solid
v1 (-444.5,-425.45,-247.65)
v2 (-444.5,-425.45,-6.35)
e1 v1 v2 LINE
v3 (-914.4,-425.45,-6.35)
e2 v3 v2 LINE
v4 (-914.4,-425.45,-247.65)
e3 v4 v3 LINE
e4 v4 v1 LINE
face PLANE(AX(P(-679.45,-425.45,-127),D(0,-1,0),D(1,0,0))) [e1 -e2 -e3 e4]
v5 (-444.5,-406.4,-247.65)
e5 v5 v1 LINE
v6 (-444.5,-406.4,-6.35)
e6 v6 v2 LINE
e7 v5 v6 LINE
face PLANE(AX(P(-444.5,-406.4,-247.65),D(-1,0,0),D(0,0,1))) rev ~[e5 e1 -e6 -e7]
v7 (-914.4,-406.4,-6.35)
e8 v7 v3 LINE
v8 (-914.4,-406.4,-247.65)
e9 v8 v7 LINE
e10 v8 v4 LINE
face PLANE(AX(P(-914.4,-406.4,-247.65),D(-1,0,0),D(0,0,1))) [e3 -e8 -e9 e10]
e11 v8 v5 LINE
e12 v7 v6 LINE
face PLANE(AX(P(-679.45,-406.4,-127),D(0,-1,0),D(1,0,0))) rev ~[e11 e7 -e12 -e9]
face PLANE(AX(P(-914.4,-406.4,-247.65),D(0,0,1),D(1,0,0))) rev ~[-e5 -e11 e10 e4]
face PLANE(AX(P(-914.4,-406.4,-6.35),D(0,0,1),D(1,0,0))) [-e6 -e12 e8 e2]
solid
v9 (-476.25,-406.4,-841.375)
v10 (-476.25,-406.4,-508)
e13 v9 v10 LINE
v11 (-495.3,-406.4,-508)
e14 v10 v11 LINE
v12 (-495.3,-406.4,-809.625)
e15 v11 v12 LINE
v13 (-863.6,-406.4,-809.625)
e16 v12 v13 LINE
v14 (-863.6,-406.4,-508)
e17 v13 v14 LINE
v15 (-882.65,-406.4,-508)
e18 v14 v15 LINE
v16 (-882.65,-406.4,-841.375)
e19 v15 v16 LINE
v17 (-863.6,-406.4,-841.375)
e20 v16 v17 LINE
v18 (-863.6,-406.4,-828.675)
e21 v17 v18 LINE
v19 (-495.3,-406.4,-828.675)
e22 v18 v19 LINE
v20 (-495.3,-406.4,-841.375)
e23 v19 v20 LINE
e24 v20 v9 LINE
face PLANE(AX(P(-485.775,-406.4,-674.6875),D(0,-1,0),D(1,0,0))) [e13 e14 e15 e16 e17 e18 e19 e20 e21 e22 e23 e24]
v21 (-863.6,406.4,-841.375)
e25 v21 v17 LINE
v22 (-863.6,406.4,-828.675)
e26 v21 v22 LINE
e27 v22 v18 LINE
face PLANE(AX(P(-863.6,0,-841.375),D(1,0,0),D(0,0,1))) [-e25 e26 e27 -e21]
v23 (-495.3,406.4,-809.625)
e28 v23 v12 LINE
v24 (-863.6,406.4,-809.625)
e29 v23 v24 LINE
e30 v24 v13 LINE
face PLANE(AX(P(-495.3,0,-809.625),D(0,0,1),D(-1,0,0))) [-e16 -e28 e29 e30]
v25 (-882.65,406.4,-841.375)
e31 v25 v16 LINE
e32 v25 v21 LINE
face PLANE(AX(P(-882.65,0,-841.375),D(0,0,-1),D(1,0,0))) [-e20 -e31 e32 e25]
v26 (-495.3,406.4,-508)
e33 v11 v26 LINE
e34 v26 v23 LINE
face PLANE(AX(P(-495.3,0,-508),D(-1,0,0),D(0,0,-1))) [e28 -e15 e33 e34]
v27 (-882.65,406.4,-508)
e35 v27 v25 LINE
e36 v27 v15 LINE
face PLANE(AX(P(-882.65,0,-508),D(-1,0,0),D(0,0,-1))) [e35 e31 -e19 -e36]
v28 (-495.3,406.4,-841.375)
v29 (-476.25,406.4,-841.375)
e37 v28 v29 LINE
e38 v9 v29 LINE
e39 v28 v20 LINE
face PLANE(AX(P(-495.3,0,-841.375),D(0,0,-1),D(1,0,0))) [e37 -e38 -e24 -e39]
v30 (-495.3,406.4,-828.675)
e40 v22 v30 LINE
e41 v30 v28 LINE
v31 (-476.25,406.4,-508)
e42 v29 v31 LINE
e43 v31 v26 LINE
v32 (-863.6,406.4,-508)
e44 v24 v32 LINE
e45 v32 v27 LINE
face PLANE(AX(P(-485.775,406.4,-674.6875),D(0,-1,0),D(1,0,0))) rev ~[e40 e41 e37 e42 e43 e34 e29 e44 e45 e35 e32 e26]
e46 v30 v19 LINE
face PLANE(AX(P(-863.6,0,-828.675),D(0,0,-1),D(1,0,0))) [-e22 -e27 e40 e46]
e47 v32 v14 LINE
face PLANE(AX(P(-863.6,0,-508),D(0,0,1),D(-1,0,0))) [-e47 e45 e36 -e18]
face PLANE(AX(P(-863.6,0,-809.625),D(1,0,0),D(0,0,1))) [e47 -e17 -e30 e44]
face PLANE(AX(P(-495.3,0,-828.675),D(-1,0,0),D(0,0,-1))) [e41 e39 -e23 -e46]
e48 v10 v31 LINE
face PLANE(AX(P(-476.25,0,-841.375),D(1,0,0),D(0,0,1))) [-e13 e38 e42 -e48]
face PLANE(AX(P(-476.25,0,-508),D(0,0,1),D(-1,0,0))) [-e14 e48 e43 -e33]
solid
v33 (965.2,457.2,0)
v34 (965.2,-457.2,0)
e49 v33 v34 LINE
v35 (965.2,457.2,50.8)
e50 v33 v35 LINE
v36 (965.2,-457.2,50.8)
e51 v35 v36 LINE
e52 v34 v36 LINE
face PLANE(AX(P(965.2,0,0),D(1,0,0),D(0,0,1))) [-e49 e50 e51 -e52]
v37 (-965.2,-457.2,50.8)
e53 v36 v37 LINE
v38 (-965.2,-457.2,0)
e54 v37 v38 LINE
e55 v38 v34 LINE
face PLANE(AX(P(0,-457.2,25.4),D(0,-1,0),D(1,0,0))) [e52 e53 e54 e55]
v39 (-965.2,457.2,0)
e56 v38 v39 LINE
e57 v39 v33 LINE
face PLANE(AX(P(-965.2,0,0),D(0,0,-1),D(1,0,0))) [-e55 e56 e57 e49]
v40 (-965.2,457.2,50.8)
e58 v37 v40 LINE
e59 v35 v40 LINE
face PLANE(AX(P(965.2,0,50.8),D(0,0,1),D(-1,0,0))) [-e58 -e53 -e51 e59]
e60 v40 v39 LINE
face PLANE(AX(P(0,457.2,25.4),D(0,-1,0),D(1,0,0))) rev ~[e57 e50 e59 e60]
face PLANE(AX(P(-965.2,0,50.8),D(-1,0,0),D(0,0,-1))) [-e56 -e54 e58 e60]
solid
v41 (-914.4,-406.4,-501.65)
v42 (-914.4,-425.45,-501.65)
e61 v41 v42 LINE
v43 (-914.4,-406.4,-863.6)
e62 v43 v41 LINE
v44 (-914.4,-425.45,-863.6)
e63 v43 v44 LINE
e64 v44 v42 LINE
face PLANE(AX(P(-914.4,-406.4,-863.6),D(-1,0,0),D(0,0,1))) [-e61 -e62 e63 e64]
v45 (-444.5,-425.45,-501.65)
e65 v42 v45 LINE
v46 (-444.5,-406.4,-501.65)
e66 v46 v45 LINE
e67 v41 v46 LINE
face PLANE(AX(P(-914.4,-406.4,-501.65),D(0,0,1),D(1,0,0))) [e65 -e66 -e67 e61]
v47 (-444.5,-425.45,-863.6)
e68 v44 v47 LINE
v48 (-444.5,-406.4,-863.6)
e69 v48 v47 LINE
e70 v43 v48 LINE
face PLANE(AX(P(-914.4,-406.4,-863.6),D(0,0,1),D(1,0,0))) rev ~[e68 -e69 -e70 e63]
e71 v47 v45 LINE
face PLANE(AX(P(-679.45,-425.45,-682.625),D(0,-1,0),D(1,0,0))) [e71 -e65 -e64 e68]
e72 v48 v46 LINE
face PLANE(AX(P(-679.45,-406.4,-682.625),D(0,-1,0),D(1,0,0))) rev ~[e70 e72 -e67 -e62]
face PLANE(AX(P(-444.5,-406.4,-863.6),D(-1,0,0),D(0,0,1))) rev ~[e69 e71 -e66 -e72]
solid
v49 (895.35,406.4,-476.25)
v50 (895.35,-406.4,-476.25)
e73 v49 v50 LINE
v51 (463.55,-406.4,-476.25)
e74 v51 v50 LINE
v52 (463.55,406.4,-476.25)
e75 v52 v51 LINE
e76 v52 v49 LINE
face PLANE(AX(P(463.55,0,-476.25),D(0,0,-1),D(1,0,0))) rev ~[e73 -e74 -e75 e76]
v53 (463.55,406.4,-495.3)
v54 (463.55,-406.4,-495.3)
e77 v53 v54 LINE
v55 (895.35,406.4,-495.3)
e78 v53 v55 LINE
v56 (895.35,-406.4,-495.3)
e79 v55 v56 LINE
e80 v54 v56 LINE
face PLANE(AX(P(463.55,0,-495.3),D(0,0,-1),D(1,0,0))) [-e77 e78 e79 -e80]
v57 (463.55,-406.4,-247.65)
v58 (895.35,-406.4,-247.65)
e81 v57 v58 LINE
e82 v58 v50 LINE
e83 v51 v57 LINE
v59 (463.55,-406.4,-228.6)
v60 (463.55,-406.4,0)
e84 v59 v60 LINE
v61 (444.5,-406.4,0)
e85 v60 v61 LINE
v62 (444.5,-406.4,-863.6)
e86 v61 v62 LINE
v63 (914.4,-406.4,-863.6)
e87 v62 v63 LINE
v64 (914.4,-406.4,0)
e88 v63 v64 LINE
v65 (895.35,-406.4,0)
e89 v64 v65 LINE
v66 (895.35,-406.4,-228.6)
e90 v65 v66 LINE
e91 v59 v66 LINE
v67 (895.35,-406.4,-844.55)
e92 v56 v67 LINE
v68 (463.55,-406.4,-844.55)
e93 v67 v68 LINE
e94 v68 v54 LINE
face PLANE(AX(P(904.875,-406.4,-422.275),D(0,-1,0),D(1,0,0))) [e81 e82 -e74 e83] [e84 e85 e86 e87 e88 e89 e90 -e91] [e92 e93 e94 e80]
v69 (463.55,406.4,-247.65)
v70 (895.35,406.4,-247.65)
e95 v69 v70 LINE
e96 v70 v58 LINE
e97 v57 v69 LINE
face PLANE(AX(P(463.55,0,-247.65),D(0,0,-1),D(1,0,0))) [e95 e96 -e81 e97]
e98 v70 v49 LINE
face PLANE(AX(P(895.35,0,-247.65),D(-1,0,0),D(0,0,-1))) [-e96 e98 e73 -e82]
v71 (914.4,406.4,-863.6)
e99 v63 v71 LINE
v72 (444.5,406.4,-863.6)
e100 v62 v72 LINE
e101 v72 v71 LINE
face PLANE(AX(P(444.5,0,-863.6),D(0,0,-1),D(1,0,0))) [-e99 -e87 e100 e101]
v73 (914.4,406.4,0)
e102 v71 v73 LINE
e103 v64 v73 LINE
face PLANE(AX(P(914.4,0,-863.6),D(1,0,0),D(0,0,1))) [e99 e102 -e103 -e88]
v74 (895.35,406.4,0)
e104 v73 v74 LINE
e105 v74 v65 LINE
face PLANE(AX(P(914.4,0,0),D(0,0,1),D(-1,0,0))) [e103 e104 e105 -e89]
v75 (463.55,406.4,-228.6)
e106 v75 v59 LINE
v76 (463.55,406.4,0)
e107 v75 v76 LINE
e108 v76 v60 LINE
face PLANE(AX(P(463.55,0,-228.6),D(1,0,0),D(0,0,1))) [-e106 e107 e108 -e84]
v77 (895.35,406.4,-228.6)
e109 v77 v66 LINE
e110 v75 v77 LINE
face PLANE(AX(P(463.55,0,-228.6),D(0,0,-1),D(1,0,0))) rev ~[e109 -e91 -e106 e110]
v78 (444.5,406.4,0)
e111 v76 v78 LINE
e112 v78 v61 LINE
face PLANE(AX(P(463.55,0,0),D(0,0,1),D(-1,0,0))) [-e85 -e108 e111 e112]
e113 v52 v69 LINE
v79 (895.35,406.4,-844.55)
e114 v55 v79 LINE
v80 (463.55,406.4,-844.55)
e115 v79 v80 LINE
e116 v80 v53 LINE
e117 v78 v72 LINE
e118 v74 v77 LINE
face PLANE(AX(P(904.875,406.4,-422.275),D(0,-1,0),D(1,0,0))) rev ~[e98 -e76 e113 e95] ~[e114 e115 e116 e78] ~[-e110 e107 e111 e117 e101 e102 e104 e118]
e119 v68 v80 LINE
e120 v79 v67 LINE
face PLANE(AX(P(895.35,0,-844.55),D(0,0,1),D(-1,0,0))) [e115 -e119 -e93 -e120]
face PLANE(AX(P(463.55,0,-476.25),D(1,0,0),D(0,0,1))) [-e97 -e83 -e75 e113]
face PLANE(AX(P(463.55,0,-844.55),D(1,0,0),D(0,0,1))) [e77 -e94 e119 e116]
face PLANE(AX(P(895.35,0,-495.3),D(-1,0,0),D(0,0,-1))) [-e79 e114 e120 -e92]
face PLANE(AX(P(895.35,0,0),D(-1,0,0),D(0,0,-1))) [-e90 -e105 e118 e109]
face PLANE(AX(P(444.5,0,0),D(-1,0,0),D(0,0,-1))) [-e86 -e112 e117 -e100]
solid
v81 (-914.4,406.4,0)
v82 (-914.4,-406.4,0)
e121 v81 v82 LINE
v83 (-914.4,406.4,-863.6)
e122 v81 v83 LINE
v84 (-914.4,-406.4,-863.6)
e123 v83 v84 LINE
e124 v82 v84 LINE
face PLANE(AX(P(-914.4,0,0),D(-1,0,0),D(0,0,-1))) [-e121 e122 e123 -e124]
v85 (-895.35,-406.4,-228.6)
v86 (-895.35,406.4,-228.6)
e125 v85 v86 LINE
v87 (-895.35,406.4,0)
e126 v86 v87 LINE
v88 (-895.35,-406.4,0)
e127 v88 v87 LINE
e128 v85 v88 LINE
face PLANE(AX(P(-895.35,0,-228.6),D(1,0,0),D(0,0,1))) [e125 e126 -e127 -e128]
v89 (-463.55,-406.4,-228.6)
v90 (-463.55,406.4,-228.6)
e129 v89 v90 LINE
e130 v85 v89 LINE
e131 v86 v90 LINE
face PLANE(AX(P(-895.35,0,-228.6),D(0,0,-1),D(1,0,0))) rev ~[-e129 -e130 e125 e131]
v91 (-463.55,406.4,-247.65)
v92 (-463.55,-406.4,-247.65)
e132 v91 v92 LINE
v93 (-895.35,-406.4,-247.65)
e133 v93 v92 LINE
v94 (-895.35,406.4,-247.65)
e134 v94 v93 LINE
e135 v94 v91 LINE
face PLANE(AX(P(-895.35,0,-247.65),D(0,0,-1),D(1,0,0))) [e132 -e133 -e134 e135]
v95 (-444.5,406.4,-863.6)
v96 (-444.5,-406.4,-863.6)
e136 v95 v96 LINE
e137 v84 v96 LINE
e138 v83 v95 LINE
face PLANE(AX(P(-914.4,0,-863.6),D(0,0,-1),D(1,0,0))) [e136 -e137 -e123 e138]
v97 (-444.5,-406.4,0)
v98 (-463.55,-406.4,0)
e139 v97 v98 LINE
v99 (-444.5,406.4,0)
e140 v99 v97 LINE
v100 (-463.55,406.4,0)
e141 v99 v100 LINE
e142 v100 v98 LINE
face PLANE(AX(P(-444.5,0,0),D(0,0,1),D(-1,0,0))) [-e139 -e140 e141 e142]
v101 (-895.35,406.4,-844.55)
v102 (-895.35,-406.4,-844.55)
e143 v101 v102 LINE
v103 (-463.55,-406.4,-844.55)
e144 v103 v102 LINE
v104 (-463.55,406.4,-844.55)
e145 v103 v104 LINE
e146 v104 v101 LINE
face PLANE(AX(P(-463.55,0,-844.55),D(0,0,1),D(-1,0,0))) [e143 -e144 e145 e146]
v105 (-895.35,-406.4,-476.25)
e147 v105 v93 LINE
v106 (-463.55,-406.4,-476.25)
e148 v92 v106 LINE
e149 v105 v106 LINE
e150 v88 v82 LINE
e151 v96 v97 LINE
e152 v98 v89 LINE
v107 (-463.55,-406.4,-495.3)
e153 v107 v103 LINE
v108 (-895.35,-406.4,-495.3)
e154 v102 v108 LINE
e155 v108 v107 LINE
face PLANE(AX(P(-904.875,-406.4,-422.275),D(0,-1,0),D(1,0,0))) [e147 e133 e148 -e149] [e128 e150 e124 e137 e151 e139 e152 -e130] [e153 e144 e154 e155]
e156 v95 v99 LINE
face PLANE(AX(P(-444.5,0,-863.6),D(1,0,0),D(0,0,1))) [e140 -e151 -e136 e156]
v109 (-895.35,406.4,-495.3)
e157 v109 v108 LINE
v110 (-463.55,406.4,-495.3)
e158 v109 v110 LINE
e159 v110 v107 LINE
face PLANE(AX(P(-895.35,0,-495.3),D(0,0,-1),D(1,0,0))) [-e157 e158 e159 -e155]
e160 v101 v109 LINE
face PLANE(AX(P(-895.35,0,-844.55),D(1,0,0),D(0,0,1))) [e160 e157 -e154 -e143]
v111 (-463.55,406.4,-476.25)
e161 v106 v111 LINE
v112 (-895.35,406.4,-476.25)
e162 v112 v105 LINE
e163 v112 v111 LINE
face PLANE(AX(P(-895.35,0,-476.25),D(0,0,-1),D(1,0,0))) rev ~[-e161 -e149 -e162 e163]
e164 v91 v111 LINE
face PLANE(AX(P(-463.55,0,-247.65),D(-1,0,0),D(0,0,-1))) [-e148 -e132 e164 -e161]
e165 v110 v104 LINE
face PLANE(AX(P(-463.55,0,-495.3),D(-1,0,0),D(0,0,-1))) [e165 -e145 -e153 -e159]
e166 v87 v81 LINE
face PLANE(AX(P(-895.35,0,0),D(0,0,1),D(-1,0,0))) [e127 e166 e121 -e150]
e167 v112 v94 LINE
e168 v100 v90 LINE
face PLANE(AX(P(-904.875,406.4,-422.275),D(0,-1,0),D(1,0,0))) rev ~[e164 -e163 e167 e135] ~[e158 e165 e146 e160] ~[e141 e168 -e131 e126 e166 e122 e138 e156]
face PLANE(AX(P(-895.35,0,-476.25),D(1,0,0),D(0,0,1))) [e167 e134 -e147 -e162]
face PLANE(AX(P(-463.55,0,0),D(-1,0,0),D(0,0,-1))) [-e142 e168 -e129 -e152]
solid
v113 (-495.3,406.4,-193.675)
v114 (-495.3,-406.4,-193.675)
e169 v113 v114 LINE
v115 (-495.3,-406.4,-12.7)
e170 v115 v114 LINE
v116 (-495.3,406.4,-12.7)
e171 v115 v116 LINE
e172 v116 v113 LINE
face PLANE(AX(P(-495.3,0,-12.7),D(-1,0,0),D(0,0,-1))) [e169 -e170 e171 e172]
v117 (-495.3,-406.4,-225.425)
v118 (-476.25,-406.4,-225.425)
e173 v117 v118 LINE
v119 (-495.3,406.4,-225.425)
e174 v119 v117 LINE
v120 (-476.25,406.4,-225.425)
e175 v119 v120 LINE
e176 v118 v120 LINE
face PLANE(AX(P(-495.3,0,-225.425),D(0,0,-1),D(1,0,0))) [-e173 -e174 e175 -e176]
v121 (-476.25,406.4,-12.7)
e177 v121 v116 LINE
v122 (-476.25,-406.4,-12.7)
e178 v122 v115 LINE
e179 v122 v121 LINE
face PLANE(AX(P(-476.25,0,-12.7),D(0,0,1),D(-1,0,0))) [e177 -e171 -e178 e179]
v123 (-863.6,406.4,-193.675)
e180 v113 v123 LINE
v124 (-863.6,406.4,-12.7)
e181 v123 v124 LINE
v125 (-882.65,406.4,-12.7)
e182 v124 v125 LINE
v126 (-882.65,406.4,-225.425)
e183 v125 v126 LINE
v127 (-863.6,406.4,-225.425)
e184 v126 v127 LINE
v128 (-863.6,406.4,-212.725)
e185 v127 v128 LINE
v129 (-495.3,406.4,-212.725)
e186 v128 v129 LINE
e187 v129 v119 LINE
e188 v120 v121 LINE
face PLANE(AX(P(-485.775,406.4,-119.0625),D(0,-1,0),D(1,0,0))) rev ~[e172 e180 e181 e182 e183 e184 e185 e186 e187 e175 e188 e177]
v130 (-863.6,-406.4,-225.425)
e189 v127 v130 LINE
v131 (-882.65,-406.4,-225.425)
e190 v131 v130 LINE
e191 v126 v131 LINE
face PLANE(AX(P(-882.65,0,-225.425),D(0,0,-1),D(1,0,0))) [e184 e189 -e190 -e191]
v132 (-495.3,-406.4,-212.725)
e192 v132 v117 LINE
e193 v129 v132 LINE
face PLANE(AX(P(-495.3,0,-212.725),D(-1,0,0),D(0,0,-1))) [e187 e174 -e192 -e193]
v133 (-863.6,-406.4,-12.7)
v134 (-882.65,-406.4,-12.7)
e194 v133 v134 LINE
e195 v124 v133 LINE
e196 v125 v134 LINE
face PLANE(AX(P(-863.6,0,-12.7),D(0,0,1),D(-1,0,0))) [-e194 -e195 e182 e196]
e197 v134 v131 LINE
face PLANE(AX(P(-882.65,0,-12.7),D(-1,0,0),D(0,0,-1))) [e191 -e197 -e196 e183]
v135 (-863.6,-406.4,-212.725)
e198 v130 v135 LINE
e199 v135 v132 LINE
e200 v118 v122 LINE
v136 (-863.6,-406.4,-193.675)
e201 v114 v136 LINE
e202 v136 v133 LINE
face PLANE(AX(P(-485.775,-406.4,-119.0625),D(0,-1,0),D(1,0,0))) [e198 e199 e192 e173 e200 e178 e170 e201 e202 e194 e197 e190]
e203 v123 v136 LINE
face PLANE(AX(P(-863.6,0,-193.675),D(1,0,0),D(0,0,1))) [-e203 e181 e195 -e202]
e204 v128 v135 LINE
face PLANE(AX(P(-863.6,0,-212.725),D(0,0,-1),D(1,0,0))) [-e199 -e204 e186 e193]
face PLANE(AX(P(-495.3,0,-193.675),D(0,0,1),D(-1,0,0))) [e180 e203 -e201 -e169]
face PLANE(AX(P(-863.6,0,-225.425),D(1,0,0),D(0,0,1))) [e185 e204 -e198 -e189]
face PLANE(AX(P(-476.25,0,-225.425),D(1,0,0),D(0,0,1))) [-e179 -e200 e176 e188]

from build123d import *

# Parameters (mm, degrees)
F0_W     = 431.8
F0_H     = 19.05
F1_DEPTH = 406.4
F2_DEPTH = 457.2
F3_DEPTH = 406.4
F4_DEPTH = 406.4
F6_W     = 469.9
F6_H     = 241.3
F7_DEPTH = 19.05
F6_H_2   = 361.95


with BuildPart() as f1:
    # F0 (on Front) → F1 (new body, symmetric)
    with BuildSketch(Plane.XZ):
        Polygon((-895.35, 0), (-914.4, 0), (-914.4, -844.55), (-895.35, -844.55), (-895.35, -495.3), (-895.35, -476.25), (-895.35, -247.65), (-895.35, -228.6), align=None)
        with Locations((-679.45, -238.125)):
            Rectangle(F0_W, F0_H)
        with Locations((-679.45, -485.775)):
            Rectangle(F0_W, F0_H)
        Polygon((-895.35, -844.55), (-914.4, -844.55), (-914.4, -863.6), (-444.5, -863.6), (-444.5, -844.55), (-463.55, -844.55), align=None)
        Polygon((-444.5, 0), (-463.55, 0), (-463.55, -228.6), (-463.55, -247.65), (-463.55, -476.25), (-463.55, -495.3), (-463.55, -844.55), (-444.5, -844.55), align=None)
    extrude(amount=F1_DEPTH, both=True)


with BuildPart() as f1b:
    # F0 (on Front) → F1, piece 2 (new body, symmetric)
    with BuildSketch(Plane.XZ):
        Polygon((914.4, -844.55), (914.4, 0), (895.35, 0), (895.35, -228.6), (895.35, -247.65), (895.35, -476.25), (895.35, -495.3), (895.35, -844.55), align=None)
        with Locations((679.45, -238.125)):
            Rectangle(F0_W, F0_H)
        with Locations((679.45, -485.775)):
            Rectangle(F0_W, F0_H)
        Polygon((463.55, 0), (444.5, 0), (444.5, -844.55), (463.55, -844.55), (463.55, -495.3), (463.55, -476.25), (463.55, -247.65), (463.55, -228.6), align=None)
        Polygon((463.55, -844.55), (444.5, -844.55), (444.5, -863.6), (914.4, -863.6), (914.4, -844.55), (895.35, -844.55), align=None)
    extrude(amount=F1_DEPTH, both=True)


with BuildPart() as f2:
    # F0 (on Front) → F2 (new body, symmetric)
    with BuildSketch(Plane.XZ):
        Polygon((-965.2, 0), (-914.4, 0), (-895.35, 0), (-463.55, 0), (-444.5, 0), (444.5, 0), (463.55, 0), (895.35, 0), (914.4, 0), (965.2, 0), (965.2, 50.8), (-965.2, 50.8), align=None)
    extrude(amount=F2_DEPTH, both=True)


with BuildPart() as f3:
    # F0 (on Front) → F3 (new body, symmetric)
    with BuildSketch(Plane.XZ):
        Polygon((-495.3, -508), (-495.3, -809.625), (-495.3, -828.675), (-495.3, -841.375), (-476.25, -841.375), (-476.25, -508), align=None)
        Polygon((-679.45, -809.625), (-863.6, -809.625), (-863.6, -828.675), (-679.45, -828.675), (-495.3, -828.675), (-495.3, -809.625), align=None)
        Polygon((-863.6, -508), (-882.65, -508), (-882.65, -841.375), (-863.6, -841.375), (-863.6, -828.675), (-863.6, -809.625), align=None)
    extrude(amount=F3_DEPTH, both=True)


with BuildPart() as f4:
    # F0 (on Front) → F4 (new body, symmetric)
    with BuildSketch(Plane.XZ):
        Polygon((-495.3, -12.7), (-495.3, -193.675), (-495.3, -212.725), (-495.3, -225.425), (-476.25, -225.425), (-476.25, -12.7), align=None)
        Polygon((-679.45, -193.675), (-863.6, -193.675), (-863.6, -212.725), (-679.45, -212.725), (-495.3, -212.725), (-495.3, -193.675), align=None)
        Polygon((-863.6, -12.7), (-882.65, -12.7), (-882.65, -225.425), (-863.6, -225.425), (-863.6, -212.725), (-863.6, -193.675), align=None)
    extrude(amount=F4_DEPTH, both=True)


with BuildPart() as f7:
    # F6 (on 3pt) → F7 (new body)
    with BuildSketch(Plane.XZ.offset(406.4)):
        with Locations((-679.45, -127)):
            Rectangle(F6_W, F6_H)
    extrude(amount=F7_DEPTH)


with BuildPart() as f7b:
    # F6 (on 3pt) → F7, piece 2 (new body)
    with BuildSketch(Plane.XZ.offset(406.4)):
        with Locations((-679.45, -682.625)):
            Rectangle(F6_W, F6_H_2)
    extrude(amount=F7_DEPTH)


solid = Compound([f1.part, f1b.part, f2.part, f3.part, f4.part, f7.part, f7b.part])
